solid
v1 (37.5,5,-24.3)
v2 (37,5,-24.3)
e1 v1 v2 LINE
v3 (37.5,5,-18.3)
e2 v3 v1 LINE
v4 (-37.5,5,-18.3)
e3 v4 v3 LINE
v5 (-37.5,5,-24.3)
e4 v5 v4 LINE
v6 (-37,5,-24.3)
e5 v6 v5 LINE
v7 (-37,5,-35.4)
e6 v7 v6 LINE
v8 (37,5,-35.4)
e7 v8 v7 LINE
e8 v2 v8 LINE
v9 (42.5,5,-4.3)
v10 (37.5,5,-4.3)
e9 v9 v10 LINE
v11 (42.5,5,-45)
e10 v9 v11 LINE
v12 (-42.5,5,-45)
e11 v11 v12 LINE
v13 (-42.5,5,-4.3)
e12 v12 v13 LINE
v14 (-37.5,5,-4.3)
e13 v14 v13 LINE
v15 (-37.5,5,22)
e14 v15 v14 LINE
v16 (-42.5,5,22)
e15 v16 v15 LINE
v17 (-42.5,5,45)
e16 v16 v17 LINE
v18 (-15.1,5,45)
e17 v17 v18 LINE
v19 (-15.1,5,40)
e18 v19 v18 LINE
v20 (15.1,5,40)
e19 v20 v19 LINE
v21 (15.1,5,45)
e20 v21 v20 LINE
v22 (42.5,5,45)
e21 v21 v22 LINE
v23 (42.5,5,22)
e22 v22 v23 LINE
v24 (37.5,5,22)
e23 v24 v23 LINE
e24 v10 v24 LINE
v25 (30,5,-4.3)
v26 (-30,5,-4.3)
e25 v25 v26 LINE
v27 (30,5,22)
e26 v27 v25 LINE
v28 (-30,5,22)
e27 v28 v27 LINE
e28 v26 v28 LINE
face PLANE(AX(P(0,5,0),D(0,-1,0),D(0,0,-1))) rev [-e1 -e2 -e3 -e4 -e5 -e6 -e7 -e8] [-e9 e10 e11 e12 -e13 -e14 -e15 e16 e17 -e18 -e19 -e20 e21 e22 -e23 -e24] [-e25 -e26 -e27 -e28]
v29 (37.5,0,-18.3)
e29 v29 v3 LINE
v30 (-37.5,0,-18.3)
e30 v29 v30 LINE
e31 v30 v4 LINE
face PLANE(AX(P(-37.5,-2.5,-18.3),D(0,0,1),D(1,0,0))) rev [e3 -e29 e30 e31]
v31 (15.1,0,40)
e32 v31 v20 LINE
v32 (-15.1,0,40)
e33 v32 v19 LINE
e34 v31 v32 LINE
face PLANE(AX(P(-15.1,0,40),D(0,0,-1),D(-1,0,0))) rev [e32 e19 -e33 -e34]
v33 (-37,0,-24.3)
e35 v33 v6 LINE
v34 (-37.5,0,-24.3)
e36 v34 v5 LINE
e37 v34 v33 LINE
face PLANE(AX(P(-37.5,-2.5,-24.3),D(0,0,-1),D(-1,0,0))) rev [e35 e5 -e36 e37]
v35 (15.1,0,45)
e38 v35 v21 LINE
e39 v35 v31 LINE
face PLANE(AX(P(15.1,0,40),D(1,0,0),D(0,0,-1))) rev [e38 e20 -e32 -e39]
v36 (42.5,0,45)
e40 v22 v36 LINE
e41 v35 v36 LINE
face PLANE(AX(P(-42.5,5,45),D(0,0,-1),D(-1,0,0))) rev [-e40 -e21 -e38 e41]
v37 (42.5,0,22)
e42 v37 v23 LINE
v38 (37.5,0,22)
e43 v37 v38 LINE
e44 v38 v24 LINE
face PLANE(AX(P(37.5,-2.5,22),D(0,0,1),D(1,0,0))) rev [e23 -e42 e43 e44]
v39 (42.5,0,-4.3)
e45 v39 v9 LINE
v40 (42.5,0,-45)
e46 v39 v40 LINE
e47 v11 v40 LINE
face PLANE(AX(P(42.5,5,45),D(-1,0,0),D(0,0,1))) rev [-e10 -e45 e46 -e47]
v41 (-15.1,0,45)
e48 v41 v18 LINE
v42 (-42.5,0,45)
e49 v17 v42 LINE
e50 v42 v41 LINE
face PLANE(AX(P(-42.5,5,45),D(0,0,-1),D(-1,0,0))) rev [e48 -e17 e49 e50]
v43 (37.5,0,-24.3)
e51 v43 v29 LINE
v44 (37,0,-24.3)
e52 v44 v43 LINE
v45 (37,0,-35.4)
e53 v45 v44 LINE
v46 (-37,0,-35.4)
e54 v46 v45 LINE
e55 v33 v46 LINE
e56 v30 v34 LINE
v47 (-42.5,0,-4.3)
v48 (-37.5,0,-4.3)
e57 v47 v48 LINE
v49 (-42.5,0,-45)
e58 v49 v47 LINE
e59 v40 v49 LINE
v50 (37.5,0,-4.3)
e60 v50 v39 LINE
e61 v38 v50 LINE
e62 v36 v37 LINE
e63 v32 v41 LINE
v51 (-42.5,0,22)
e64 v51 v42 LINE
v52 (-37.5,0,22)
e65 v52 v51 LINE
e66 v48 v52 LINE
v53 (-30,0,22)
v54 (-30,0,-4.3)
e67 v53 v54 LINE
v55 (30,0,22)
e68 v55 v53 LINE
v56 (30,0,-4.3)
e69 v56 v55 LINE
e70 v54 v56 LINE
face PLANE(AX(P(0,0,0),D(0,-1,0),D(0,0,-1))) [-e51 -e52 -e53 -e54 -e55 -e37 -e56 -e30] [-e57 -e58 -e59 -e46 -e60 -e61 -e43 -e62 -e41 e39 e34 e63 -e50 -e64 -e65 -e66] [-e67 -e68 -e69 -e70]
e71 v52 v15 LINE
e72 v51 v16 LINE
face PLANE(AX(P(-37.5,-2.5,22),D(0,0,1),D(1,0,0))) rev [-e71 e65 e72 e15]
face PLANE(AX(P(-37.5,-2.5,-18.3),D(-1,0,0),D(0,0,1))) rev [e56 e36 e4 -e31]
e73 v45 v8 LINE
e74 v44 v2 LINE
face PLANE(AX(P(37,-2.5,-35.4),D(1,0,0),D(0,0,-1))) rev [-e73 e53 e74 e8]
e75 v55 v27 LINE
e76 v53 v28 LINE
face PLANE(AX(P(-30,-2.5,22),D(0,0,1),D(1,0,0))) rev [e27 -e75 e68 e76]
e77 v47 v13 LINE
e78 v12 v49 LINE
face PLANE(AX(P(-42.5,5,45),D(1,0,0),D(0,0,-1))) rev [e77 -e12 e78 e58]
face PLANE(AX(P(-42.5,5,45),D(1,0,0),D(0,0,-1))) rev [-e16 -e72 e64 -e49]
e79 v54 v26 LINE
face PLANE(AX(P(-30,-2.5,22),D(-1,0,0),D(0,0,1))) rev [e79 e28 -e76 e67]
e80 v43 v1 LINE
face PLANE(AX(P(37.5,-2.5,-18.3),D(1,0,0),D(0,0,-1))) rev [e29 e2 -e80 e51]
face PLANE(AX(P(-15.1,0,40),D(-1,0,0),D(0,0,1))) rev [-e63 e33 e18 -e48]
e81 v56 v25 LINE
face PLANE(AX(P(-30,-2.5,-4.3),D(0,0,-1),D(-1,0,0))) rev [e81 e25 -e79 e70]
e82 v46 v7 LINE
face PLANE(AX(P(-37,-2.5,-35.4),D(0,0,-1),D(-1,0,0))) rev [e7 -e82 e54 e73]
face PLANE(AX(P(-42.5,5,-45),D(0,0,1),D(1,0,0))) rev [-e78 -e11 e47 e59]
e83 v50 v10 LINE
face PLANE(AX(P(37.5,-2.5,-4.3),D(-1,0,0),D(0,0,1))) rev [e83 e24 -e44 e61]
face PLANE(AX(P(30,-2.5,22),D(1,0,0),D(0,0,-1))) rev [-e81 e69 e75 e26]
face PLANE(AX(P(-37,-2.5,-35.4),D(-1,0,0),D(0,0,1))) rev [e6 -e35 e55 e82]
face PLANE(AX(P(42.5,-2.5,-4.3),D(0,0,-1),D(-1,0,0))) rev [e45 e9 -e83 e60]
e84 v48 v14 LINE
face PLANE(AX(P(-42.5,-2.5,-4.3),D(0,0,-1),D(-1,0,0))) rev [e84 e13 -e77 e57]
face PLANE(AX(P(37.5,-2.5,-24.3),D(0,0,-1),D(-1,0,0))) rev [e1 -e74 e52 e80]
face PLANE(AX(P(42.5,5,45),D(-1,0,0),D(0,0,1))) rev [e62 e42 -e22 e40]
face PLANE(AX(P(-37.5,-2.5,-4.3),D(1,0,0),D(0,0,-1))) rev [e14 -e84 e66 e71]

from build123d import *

# Parameters (mm, degrees)
SKETCH1_W           = 85
SKETCH1_H           = 90
BOSS_EXTRUDE1_DEPTH = 5
SKETCH2_W           = 60
SKETCH2_H           = 26.3
CUT_EXTRUDE2_DEPTH  = 7.5
SKETCH4_W           = 5
SKETCH4_H           = 26.3
CUT_EXTRUDE3_DEPTH  = 7.5
SKETCH5_W           = 30.2
SKETCH5_H           = 5
CUT_EXTRUDE4_DEPTH  = 5


with BuildPart() as part:
    # Sketch1 → Boss-Extrude1 (new body)
    with BuildSketch(Plane(origin=(0, 0, 0), x_dir=(1, 0, 0), z_dir=(0, 1, 0))):
        Rectangle(SKETCH1_W, SKETCH1_H)
    extrude(amount=BOSS_EXTRUDE1_DEPTH)

    # Sketch2 → Cut-Extrude2 (cut)
    with BuildSketch(Plane(origin=(0, 5, 0), x_dir=(1, 0, 0), z_dir=(0, 1, 0))):
        with Locations((0, -8.85)):
            Rectangle(SKETCH2_W, SKETCH2_H)
        Polygon((37.5, 24.3), (37, 24.3), (37, 35.4), (-37, 35.4), (-37, 24.3), (-37.5, 24.3), (-37.5, 18.3), (37.5, 18.3), align=None)
    extrude(amount=-CUT_EXTRUDE2_DEPTH, mode=Mode.SUBTRACT)

    # Sketch4 → Cut-Extrude3 (cut)
    with BuildSketch(Plane(origin=(0, 5, 0), x_dir=(1, 0, 0), z_dir=(0, 1, 0))):
        with Locations((-40, -8.85)):
            Rectangle(SKETCH4_W, SKETCH4_H)
        with Locations((40, -8.85)):
            Rectangle(SKETCH4_W, SKETCH4_H)
    extrude(amount=-CUT_EXTRUDE3_DEPTH, mode=Mode.SUBTRACT)

    # Sketch5 → Cut-Extrude4 (cut)
    with BuildSketch(Plane(origin=(0, 5, 0), x_dir=(1, 0, 0), z_dir=(0, 1, 0))):
        with Locations((0, -42.5)):
            Rectangle(SKETCH5_W, SKETCH5_H)
    extrude(amount=-CUT_EXTRUDE4_DEPTH, mode=Mode.SUBTRACT)


solid = part.part
